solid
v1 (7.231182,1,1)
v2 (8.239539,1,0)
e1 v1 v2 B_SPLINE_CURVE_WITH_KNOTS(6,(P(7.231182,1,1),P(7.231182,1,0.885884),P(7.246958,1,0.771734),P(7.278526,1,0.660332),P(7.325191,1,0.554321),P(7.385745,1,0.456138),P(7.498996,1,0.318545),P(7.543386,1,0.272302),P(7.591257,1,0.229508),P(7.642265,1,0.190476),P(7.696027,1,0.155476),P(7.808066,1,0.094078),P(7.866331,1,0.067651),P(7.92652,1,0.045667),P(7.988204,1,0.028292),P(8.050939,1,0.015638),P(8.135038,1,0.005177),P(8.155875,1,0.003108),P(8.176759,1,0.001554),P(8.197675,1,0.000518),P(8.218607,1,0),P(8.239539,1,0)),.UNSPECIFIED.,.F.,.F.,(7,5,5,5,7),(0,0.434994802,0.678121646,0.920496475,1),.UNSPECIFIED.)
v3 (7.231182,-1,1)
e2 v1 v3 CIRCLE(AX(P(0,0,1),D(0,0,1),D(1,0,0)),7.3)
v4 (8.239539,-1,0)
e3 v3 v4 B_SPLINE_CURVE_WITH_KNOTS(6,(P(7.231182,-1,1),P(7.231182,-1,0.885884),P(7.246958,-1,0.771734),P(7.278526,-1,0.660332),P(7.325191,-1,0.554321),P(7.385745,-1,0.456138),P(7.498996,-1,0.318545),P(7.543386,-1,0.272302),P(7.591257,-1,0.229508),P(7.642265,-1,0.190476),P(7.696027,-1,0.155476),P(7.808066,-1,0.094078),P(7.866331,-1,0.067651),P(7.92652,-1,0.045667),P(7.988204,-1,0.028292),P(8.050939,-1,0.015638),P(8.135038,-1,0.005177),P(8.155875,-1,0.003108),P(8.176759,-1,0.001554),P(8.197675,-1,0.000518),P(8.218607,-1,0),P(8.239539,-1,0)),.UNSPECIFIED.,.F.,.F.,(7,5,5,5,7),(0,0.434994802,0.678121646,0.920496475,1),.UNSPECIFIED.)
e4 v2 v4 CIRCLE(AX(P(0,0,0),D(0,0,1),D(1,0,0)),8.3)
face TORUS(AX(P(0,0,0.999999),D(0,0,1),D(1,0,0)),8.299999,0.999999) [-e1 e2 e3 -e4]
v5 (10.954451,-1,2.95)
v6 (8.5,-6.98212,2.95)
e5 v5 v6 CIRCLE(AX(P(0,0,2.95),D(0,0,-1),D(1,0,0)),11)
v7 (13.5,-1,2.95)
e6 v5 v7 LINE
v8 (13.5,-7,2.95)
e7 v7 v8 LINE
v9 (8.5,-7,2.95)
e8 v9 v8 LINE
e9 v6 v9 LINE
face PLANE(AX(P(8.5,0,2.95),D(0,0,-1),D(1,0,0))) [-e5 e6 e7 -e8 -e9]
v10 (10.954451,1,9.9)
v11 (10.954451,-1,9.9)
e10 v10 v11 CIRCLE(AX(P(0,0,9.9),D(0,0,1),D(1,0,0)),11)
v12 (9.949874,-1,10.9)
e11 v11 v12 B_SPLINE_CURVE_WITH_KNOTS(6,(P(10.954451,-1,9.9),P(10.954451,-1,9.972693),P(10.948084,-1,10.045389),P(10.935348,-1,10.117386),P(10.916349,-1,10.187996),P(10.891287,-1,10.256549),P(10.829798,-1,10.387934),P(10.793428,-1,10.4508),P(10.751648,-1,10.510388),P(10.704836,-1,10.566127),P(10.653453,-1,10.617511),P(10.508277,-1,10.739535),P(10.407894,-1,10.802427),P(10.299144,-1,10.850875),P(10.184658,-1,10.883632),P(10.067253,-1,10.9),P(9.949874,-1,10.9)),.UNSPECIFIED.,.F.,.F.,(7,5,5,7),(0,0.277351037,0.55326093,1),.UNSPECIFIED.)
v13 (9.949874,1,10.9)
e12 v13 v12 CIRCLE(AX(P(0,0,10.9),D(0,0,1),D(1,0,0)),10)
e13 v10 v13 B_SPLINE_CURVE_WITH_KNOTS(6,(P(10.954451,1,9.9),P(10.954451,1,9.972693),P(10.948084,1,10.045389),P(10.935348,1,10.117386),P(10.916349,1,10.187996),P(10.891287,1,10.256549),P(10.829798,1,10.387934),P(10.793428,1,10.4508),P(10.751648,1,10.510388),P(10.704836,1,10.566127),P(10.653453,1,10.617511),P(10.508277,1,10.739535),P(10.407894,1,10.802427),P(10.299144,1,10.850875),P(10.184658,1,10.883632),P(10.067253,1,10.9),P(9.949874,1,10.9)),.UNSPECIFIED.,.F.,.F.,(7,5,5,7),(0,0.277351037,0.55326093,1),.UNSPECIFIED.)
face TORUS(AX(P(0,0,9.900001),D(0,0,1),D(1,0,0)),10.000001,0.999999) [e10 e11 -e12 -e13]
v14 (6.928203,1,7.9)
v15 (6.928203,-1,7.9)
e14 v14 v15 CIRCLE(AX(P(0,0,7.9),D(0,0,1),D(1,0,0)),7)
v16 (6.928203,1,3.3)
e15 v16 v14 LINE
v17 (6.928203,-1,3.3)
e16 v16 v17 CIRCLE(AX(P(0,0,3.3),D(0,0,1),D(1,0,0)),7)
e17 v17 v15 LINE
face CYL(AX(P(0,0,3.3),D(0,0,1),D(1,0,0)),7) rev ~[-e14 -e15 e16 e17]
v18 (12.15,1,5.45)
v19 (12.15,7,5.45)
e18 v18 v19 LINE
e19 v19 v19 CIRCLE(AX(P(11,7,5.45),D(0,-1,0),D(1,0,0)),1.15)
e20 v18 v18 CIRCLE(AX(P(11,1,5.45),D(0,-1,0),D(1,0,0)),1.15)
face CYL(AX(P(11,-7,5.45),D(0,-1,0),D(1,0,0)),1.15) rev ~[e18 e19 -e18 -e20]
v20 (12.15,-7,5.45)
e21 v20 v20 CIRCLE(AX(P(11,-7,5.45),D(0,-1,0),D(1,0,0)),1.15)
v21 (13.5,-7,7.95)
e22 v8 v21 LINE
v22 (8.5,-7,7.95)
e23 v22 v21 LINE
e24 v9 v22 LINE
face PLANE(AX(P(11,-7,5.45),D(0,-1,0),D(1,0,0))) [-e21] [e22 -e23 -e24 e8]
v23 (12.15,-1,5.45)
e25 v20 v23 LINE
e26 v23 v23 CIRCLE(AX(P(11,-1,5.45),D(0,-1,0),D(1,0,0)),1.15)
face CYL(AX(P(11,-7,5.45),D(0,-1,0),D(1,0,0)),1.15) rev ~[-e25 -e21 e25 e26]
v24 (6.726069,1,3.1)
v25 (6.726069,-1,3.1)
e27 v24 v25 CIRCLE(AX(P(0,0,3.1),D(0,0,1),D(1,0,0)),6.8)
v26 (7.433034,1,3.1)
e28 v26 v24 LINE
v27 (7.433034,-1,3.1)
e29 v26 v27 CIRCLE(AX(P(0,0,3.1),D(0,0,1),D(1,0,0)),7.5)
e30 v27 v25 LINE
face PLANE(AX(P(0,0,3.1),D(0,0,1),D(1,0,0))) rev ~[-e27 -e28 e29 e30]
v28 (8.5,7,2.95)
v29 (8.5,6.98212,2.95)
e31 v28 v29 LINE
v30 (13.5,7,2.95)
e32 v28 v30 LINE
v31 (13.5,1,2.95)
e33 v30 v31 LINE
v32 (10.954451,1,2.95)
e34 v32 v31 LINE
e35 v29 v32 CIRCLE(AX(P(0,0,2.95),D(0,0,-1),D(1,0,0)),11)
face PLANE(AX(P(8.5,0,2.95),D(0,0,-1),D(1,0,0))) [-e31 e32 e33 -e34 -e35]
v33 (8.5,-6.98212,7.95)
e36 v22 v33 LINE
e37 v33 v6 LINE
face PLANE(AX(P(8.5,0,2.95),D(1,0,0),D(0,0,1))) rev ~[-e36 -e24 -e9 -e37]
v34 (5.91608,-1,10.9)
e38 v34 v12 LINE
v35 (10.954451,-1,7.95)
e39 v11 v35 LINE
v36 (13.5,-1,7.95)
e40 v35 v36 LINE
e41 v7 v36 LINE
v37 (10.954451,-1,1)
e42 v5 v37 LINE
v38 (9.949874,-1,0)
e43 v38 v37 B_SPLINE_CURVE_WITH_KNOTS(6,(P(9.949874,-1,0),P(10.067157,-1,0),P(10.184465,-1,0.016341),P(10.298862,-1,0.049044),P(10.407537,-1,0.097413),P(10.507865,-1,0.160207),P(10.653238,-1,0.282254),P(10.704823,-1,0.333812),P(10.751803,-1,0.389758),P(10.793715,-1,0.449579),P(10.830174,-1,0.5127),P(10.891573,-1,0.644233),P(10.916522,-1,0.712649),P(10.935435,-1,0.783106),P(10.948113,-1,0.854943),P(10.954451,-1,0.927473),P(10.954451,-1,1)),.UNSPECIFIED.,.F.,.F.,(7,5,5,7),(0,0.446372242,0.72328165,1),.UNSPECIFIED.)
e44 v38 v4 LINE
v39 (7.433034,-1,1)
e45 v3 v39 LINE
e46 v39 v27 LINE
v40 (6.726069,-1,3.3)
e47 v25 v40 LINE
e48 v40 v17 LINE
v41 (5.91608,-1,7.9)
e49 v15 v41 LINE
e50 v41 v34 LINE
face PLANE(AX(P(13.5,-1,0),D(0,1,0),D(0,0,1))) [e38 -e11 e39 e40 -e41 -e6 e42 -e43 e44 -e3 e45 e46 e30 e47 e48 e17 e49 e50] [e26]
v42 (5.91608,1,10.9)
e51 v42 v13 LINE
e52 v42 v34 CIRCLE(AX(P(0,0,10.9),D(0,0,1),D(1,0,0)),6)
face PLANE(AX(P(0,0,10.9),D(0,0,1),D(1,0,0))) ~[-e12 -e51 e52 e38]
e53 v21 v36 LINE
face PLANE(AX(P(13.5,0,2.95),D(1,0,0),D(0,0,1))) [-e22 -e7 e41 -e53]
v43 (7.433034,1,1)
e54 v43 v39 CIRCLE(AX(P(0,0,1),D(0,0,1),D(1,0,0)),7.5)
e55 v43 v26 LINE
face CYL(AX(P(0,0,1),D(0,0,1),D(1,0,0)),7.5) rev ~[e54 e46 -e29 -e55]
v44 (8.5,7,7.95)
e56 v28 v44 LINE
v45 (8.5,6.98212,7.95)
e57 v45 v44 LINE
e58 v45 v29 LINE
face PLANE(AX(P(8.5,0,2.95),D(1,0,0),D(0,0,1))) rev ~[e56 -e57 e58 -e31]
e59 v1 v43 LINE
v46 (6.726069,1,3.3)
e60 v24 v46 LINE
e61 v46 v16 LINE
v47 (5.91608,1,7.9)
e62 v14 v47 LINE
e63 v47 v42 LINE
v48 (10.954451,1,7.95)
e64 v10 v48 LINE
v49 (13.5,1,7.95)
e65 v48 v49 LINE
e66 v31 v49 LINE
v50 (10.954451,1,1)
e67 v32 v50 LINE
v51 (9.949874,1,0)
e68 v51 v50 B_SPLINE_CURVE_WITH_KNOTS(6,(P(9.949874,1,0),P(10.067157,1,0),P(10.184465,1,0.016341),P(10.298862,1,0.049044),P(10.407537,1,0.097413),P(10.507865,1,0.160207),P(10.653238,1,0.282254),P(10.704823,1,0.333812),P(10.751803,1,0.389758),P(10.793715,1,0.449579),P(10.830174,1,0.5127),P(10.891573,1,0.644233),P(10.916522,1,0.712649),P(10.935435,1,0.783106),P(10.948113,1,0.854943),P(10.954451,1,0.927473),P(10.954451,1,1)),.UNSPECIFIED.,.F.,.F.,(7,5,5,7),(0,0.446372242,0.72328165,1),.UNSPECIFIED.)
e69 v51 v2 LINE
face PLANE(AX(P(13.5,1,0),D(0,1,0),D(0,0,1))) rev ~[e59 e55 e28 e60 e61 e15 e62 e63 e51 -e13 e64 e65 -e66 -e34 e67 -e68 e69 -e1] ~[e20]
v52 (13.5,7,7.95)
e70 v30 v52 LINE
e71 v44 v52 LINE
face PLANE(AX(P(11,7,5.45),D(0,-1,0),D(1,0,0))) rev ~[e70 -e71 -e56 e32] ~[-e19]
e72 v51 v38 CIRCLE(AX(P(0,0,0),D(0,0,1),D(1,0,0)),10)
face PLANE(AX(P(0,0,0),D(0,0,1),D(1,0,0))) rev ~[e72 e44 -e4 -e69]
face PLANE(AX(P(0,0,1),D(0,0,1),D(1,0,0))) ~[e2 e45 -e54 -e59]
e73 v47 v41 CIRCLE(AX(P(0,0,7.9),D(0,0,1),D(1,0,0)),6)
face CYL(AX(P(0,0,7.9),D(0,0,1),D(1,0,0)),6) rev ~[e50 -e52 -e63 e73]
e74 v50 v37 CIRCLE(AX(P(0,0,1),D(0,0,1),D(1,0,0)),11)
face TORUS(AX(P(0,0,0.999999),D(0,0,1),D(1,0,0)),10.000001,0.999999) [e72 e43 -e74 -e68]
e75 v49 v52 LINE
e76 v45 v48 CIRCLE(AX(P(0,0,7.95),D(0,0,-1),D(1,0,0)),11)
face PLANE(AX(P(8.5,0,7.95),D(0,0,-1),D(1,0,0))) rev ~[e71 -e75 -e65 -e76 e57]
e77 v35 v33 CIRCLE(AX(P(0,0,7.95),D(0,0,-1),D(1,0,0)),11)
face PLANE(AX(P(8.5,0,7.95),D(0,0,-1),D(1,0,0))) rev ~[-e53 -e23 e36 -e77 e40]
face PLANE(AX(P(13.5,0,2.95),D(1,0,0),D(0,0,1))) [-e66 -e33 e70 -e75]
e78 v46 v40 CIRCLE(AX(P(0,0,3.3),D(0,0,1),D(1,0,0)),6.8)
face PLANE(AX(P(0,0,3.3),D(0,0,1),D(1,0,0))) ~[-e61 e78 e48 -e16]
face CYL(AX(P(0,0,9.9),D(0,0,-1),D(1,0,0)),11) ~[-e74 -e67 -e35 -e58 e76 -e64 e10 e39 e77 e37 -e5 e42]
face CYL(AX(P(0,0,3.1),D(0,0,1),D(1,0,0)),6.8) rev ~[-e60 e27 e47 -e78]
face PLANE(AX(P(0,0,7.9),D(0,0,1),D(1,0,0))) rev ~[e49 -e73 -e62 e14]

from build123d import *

# Parameters (mm, degrees)
SKETCH001_W     = 5
SKETCH001_H     = 5
PAD_DEPTH       = 7
SKETCH002_W     = 12
SKETCH002_H     = 2
POCKET_DEPTH    = 9
SKETCH003_R     = 1.15
POCKET001_DEPTH = 18.001


with BuildPart() as part:
    # Sketch → Revolution (revolve)
    with BuildSketch(Plane.XZ):
        with BuildLine():
            Line((7.3, 1), (7.5, 1))
            Line((7.5, 1), (7.5, 3.1))
            Line((7.5, 3.1), (6.8, 3.1))
            Line((6.8, 3.1), (6.8, 3.3))
            Line((6.8, 3.3), (7, 3.3))
            Line((7, 3.3), (7, 7.9))
            Line((7, 7.9), (6, 7.9))
            Line((6, 7.9), (6, 10.9))
            Line((6, 10.9), (10, 10.9))
            ThreePointArc((11, 9.9), (10.707107, 10.607107), (10, 10.9))
            Line((11, 9.9), (11, 1))
            ThreePointArc((10, 0), (10.707107, 0.292893), (11, 1))
            Line((10, 0), (8.3, 0))
            ThreePointArc((7.3, 1), (7.592893, 0.292893), (8.3, 0))
        make_face()
    revolve(axis=Axis((0, 0, 0), (0, 0, 1)))

    # Sketch001 → Pad (new body, symmetric)
    with BuildSketch(Plane.XZ):
        with Locations((11, 5.45)):
            Rectangle(SKETCH001_W, SKETCH001_H)
    extrude(amount=PAD_DEPTH, both=True)

    # Sketch002 (on Face13 of Pad) → Pocket (cut)
    with BuildSketch(Plane(origin=(13.5, 0, 0), x_dir=(0, 0, 1), z_dir=(1, 0, 0))):
        with Locations((6, 0)):
            Rectangle(SKETCH002_W, SKETCH002_H)
    extrude(amount=-POCKET_DEPTH, mode=Mode.SUBTRACT)

    # Sketch003 (on Face25 of Pocket) → Pocket001 (cut, through all)
    with BuildSketch(Plane.XZ.offset(7)):
        with Locations((11, 5.45)):
            Circle(SKETCH003_R)
    extrude(amount=-POCKET001_DEPTH, mode=Mode.SUBTRACT)


solid = part.part
